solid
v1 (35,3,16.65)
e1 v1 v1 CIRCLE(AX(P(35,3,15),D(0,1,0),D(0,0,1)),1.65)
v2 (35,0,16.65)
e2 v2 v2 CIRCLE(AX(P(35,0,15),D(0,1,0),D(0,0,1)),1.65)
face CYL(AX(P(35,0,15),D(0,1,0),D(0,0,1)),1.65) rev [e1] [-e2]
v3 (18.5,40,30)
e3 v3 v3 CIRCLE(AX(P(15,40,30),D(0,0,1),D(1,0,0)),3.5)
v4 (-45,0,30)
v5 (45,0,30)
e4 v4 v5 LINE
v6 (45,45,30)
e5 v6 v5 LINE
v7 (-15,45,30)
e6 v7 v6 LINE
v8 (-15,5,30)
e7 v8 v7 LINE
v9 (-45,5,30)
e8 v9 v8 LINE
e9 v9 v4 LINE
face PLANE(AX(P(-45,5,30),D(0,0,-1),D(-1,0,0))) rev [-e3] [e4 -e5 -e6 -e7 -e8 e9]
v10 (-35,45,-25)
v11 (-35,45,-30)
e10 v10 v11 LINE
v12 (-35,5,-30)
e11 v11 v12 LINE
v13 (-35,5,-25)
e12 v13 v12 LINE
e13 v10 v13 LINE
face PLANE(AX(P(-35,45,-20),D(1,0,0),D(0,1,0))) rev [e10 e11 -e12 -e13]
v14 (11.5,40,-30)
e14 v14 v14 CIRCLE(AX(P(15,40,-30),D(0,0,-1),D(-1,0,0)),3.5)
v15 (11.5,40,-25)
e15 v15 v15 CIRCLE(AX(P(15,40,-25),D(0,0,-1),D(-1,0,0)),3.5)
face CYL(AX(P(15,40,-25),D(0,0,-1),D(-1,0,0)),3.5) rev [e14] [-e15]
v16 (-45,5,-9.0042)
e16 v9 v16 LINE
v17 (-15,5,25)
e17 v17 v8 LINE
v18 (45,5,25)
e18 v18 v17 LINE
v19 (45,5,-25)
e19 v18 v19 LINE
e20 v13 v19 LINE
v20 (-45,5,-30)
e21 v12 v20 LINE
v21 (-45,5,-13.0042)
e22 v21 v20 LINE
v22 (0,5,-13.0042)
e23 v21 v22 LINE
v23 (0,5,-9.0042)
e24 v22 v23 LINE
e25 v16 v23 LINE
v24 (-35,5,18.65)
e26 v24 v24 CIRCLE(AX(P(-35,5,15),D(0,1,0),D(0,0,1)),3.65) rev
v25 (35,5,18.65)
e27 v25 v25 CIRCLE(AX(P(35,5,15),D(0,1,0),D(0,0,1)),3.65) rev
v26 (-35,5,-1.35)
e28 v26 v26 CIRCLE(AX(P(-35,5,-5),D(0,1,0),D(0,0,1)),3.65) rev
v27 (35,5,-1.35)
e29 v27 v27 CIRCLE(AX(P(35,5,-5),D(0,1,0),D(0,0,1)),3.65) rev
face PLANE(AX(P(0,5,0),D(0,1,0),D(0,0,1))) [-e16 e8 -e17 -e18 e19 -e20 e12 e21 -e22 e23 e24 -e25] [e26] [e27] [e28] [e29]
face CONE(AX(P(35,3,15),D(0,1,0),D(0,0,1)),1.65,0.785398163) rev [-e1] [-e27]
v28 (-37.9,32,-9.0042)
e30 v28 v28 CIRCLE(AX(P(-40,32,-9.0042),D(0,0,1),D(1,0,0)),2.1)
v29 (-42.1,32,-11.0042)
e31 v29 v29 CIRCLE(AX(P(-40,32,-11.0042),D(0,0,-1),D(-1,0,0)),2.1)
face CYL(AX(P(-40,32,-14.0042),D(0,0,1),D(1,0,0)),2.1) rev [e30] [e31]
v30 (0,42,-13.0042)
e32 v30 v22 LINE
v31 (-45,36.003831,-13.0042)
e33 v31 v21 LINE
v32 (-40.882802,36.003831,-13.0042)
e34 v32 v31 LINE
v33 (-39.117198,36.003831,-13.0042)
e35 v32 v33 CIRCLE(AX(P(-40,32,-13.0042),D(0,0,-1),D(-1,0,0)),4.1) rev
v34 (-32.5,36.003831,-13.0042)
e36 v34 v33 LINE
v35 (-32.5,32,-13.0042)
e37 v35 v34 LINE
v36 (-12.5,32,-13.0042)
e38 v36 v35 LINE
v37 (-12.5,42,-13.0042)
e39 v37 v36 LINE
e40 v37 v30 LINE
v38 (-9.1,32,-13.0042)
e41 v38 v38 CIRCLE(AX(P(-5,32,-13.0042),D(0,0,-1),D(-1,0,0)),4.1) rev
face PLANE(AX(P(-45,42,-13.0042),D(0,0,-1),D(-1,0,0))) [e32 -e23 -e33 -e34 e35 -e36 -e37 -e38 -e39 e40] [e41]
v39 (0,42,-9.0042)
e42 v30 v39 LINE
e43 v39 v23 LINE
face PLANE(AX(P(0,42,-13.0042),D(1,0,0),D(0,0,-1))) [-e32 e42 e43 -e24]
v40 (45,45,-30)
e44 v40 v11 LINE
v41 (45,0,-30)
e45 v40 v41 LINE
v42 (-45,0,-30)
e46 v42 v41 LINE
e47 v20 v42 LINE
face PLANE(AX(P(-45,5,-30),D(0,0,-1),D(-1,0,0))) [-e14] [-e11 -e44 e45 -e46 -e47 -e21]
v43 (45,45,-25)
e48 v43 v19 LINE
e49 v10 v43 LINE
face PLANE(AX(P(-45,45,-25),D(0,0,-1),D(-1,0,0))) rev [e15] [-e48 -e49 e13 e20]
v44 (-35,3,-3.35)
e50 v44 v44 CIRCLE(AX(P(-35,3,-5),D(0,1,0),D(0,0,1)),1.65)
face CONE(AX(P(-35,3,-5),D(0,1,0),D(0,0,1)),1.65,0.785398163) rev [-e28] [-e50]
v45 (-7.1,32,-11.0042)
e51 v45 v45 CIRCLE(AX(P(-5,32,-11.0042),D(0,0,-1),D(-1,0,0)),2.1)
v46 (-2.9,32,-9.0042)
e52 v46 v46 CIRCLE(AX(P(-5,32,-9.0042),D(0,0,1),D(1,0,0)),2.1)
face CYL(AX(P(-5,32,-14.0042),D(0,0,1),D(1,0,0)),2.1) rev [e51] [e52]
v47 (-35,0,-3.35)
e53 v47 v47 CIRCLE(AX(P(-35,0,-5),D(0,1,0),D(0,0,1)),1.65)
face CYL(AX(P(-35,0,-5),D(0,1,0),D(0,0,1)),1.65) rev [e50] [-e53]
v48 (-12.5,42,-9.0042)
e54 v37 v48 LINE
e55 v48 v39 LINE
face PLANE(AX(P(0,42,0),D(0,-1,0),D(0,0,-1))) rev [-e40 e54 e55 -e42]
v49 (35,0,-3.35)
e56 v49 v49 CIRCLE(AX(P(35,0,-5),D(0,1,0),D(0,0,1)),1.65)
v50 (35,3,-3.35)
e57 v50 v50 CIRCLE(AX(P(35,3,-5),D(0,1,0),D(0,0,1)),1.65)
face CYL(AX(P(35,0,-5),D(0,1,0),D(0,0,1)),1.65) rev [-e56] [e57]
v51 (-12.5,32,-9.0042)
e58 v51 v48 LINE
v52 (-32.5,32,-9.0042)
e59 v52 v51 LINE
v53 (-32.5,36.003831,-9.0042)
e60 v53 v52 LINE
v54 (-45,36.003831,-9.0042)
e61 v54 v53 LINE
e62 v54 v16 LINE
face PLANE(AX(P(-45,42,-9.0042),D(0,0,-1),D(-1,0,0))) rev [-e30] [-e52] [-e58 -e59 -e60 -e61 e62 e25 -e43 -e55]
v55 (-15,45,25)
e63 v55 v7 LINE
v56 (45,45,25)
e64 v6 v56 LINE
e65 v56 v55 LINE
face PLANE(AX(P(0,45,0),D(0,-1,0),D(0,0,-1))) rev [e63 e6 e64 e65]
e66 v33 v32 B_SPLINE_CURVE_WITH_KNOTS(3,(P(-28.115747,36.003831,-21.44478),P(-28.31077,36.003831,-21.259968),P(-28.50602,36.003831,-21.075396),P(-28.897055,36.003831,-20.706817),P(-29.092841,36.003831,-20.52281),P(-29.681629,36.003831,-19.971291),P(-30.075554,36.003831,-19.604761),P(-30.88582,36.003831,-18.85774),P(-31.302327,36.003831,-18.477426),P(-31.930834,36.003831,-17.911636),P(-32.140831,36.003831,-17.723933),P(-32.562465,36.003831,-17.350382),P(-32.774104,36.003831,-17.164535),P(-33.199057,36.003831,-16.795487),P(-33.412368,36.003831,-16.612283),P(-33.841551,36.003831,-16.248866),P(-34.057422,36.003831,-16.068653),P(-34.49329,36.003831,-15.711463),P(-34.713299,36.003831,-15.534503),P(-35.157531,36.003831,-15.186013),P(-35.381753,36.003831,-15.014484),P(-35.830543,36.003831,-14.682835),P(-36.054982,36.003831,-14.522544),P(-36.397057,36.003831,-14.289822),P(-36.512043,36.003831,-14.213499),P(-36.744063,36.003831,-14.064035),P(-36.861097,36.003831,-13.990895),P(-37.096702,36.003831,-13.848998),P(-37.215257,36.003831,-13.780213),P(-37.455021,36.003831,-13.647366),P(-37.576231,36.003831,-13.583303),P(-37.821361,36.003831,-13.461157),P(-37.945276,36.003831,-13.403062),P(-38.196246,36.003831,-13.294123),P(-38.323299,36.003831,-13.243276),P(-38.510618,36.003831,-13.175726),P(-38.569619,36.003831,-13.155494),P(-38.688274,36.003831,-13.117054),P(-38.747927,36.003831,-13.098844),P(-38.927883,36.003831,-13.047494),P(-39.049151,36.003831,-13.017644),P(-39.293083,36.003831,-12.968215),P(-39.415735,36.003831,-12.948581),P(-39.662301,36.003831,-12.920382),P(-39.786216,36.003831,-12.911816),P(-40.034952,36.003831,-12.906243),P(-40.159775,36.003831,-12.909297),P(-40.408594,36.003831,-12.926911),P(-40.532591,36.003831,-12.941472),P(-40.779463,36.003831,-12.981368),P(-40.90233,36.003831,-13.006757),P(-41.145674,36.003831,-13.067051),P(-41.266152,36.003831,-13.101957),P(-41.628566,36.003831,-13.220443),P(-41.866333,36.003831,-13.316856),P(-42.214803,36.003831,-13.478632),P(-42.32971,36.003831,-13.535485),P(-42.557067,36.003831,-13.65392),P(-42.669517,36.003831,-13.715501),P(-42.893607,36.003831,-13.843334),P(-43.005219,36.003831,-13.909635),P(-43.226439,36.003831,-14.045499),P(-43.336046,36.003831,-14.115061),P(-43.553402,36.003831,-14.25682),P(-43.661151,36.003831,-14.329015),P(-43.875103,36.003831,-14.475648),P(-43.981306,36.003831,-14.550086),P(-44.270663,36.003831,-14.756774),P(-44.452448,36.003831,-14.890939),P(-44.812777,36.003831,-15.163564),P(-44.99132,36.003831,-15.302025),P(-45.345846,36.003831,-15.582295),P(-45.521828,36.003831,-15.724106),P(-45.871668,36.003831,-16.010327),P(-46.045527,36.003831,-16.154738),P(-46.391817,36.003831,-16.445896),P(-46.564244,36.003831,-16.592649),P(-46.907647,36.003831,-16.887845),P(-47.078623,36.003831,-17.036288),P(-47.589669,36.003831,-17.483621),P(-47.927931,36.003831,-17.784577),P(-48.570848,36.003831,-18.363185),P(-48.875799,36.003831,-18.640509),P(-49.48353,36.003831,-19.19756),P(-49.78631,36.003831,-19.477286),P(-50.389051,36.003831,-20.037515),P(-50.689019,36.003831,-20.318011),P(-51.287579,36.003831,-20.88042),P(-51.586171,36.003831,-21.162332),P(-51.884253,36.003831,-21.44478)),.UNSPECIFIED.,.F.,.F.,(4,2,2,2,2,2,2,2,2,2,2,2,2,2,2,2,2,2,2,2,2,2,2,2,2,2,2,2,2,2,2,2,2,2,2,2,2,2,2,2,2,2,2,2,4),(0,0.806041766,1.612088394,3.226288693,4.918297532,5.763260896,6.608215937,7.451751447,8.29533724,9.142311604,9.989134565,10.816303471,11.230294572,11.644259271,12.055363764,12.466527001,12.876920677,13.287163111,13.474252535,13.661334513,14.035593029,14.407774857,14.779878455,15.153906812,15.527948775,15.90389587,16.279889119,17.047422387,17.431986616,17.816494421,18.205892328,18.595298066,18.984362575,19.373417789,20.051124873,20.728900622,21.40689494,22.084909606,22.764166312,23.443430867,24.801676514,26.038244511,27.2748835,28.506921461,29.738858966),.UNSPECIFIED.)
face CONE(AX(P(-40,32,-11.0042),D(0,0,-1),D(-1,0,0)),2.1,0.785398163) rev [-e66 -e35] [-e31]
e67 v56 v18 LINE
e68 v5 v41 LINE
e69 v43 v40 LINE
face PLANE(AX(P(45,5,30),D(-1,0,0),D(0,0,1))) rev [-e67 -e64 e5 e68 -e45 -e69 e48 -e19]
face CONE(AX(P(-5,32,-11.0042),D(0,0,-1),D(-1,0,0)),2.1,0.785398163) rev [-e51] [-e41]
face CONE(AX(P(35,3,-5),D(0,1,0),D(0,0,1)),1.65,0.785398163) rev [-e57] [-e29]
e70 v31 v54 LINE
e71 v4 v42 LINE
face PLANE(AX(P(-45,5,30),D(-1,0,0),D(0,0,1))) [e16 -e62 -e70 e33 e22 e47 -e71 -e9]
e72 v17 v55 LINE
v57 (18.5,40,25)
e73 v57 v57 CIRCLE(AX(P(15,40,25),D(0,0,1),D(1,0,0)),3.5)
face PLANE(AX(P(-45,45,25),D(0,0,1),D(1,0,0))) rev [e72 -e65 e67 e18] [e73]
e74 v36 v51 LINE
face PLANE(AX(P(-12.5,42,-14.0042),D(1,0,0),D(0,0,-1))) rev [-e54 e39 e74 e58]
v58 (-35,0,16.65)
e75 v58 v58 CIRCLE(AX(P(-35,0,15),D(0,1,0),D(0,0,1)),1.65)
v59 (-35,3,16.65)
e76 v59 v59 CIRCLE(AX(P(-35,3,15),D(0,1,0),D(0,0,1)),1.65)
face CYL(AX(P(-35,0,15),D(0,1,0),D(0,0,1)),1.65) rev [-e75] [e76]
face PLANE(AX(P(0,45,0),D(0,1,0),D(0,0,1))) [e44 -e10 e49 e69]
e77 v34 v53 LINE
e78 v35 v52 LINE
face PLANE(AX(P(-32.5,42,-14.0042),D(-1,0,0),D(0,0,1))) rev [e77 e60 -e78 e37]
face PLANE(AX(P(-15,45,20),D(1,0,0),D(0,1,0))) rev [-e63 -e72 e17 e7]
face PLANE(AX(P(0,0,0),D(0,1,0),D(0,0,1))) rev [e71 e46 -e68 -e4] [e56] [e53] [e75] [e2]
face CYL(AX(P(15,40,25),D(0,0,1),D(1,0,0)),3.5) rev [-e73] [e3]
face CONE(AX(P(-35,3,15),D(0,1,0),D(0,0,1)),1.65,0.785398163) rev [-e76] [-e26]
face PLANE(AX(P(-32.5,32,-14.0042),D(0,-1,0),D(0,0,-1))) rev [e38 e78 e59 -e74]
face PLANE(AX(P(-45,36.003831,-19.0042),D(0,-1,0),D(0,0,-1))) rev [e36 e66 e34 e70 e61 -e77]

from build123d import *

# Parameters (mm, degrees)
SKIZZE1_W                       = 90
SKIZZE1_H                       = 60
AUFSATZ_LINEAR_AUSTRAGEN1_DEPTH = 5
SKIZZE2_W                       = 90
SKIZZE2_H                       = 5
AUFSATZ_LINEAR_AUSTRAGEN2_DEPTH = 40
SKIZZE3_W                       = 45
SKIZZE3_H                       = 4
AUFSATZ_LINEAR_AUSTRAGEN3_DEPTH = 37
SKIZZE4_R                       = 2.1
SKIZZE4_W                       = 20
SKIZZE4_H                       = 10
SCHNITT_LINEAR_AUSTRAGEN1_DEPTH = 5
FASE1_SIZE                      = 2
FASE2_SIZE                      = 2
SKIZZE6_R                       = 3.5
SCHNITT_LINEAR_AUSTRAGEN2_DEPTH = 5
SCHNITT_LINEAR_START            = -5
SKIZZE8_R                       = 3.5
SCHNITT_LINEAR_AUSTRAGEN3_DEPTH = 5
SKIZZE9_R                       = 1.65
SCHNITT_LINEAR_AUSTRAGEN4_DEPTH = 5
FASE3_SIZE                      = 2
SKIZZE10_W                      = 30
SKIZZE10_H                      = 40
SCHNITT_LINEAR_AUSTRAGEN5_DEPTH = 10
SKIZZE11_W                      = 12.5
SKIZZE11_H                      = 5.996169329
SCHNITT_LINEAR_AUSTRAGEN6_DEPTH = 10
SKIZZE12_W                      = 10
SKIZZE12_H                      = 40
SCHNITT_LINEAR_AUSTRAGEN7_DEPTH = 10


with BuildPart() as part:
    # Skizze1 → Aufsatz-Linear austragen1 (new body)
    with BuildSketch(Plane(origin=(0, 0, 0), x_dir=(1, 0, 0), z_dir=(0, 1, 0))):
        Rectangle(SKIZZE1_W, SKIZZE1_H)
    extrude(amount=AUFSATZ_LINEAR_AUSTRAGEN1_DEPTH)

    # Skizze2 → Aufsatz-Linear austragen2 (add)
    with BuildSketch(Plane(origin=(0, 5, 0), x_dir=(1, 0, 0), z_dir=(0, 1, 0))):
        with Locations((0, 27.5)):
            Rectangle(SKIZZE2_W, SKIZZE2_H)
        with Locations((0, -27.5)):
            Rectangle(SKIZZE2_W, SKIZZE2_H)
    extrude(amount=AUFSATZ_LINEAR_AUSTRAGEN2_DEPTH)

    # Skizze3 → Aufsatz-Linear austragen3 (add)
    with BuildSketch(Plane(origin=(0, 5, 0), x_dir=(1, 0, 0), z_dir=(0, 1, 0))):
        with Locations((-22.5, 11.004200432)):
            Rectangle(SKIZZE3_W, SKIZZE3_H)
    extrude(amount=AUFSATZ_LINEAR_AUSTRAGEN3_DEPTH)

    # Skizze4 → Schnitt-Linear austragen1 (cut)
    with BuildSketch(Plane.XY.offset(-9.004200432)):
        with Locations((-40, 32)):
            Circle(SKIZZE4_R)
        with Locations((-5, 32)):
            Circle(SKIZZE4_R)
        with Locations((-22.5, 37)):
            Rectangle(SKIZZE4_W, SKIZZE4_H)
    extrude(amount=-SCHNITT_LINEAR_AUSTRAGEN1_DEPTH, mode=Mode.SUBTRACT)

    # Fase1
    fase1_edges = [part.edges().sort_by_distance(p)[0] for p in [
        (-42.1, 32, -13.004200432),
    ]]
    chamfer(fase1_edges, length=FASE1_SIZE)

    # Fase2
    fase2_edges = [part.edges().sort_by_distance(p)[0] for p in [
        (-7.1, 32, -13.004200432),
    ]]
    chamfer(fase2_edges, length=FASE2_SIZE)

    # Skizze6 → Schnitt-Linear austragen2 (cut)
    with BuildSketch(Plane(origin=(0, 0, -30), x_dir=(-1, 0, 0), z_dir=(0, 0, -1))):
        with Locations((-15, 40)):
            Circle(SKIZZE6_R)
    extrude(amount=-SCHNITT_LINEAR_AUSTRAGEN2_DEPTH, mode=Mode.SUBTRACT)

    # Skizze8 → Schnitt-Linear austragen3 (cut)
    with BuildSketch(Plane.XY.offset(30).offset(SCHNITT_LINEAR_START)):
        with Locations(Location((15, 40, 0), (0, 0, 180))):
            Circle(SKIZZE8_R)
    extrude(amount=SCHNITT_LINEAR_AUSTRAGEN3_DEPTH, mode=Mode.SUBTRACT)

    # Skizze9 → Schnitt-Linear austragen4 (cut)
    with BuildSketch(Plane(origin=(0, 5, 0), x_dir=(1, 0, 0), z_dir=(0, 1, 0))):
        with Locations(Location((35, 5, 0), (0, 0, 270))):
            Circle(SKIZZE9_R)
        with Locations(Location((35, -15, 0), (0, 0, 270))):
            Circle(SKIZZE9_R)
        with Locations(Location((-35, -15, 0), (0, 0, 270))):
            Circle(SKIZZE9_R)
        with Locations(Location((-35, 5, 0), (0, 0, 270))):
            Circle(SKIZZE9_R)
    extrude(amount=-SCHNITT_LINEAR_AUSTRAGEN4_DEPTH, mode=Mode.SUBTRACT)

    # Fase3
    fase3_edges = [part.edges().sort_by_distance(p)[0] for p in [
        (-35, 5, -6.65),
        (-35, 5, 13.35),
        (35, 5, 13.35),
        (35, 5, -6.65),
    ]]
    chamfer(fase3_edges, length=FASE3_SIZE)

    # Skizze10 → Schnitt-Linear austragen5 (cut)
    with BuildSketch(Plane.XY.offset(30)):
        with Locations((-30, 25)):
            Rectangle(SKIZZE10_W, SKIZZE10_H)
    extrude(amount=-SCHNITT_LINEAR_AUSTRAGEN5_DEPTH, mode=Mode.SUBTRACT)

    # Skizze11 → Schnitt-Linear austragen6 (cut)
    with BuildSketch(Plane.XY.offset(-9.004200432)):
        with Locations((-38.75, 39.001915336)):
            Rectangle(SKIZZE11_W, SKIZZE11_H)
    extrude(amount=-SCHNITT_LINEAR_AUSTRAGEN6_DEPTH, mode=Mode.SUBTRACT)

    # Skizze12 → Schnitt-Linear austragen7 (cut)
    with BuildSketch(Plane(origin=(0, 0, -30), x_dir=(-1, 0, 0), z_dir=(0, 0, -1))):
        with Locations((40, 25)):
            Rectangle(SKIZZE12_W, SKIZZE12_H)
    extrude(amount=-SCHNITT_LINEAR_AUSTRAGEN7_DEPTH, mode=Mode.SUBTRACT)


solid = part.part
